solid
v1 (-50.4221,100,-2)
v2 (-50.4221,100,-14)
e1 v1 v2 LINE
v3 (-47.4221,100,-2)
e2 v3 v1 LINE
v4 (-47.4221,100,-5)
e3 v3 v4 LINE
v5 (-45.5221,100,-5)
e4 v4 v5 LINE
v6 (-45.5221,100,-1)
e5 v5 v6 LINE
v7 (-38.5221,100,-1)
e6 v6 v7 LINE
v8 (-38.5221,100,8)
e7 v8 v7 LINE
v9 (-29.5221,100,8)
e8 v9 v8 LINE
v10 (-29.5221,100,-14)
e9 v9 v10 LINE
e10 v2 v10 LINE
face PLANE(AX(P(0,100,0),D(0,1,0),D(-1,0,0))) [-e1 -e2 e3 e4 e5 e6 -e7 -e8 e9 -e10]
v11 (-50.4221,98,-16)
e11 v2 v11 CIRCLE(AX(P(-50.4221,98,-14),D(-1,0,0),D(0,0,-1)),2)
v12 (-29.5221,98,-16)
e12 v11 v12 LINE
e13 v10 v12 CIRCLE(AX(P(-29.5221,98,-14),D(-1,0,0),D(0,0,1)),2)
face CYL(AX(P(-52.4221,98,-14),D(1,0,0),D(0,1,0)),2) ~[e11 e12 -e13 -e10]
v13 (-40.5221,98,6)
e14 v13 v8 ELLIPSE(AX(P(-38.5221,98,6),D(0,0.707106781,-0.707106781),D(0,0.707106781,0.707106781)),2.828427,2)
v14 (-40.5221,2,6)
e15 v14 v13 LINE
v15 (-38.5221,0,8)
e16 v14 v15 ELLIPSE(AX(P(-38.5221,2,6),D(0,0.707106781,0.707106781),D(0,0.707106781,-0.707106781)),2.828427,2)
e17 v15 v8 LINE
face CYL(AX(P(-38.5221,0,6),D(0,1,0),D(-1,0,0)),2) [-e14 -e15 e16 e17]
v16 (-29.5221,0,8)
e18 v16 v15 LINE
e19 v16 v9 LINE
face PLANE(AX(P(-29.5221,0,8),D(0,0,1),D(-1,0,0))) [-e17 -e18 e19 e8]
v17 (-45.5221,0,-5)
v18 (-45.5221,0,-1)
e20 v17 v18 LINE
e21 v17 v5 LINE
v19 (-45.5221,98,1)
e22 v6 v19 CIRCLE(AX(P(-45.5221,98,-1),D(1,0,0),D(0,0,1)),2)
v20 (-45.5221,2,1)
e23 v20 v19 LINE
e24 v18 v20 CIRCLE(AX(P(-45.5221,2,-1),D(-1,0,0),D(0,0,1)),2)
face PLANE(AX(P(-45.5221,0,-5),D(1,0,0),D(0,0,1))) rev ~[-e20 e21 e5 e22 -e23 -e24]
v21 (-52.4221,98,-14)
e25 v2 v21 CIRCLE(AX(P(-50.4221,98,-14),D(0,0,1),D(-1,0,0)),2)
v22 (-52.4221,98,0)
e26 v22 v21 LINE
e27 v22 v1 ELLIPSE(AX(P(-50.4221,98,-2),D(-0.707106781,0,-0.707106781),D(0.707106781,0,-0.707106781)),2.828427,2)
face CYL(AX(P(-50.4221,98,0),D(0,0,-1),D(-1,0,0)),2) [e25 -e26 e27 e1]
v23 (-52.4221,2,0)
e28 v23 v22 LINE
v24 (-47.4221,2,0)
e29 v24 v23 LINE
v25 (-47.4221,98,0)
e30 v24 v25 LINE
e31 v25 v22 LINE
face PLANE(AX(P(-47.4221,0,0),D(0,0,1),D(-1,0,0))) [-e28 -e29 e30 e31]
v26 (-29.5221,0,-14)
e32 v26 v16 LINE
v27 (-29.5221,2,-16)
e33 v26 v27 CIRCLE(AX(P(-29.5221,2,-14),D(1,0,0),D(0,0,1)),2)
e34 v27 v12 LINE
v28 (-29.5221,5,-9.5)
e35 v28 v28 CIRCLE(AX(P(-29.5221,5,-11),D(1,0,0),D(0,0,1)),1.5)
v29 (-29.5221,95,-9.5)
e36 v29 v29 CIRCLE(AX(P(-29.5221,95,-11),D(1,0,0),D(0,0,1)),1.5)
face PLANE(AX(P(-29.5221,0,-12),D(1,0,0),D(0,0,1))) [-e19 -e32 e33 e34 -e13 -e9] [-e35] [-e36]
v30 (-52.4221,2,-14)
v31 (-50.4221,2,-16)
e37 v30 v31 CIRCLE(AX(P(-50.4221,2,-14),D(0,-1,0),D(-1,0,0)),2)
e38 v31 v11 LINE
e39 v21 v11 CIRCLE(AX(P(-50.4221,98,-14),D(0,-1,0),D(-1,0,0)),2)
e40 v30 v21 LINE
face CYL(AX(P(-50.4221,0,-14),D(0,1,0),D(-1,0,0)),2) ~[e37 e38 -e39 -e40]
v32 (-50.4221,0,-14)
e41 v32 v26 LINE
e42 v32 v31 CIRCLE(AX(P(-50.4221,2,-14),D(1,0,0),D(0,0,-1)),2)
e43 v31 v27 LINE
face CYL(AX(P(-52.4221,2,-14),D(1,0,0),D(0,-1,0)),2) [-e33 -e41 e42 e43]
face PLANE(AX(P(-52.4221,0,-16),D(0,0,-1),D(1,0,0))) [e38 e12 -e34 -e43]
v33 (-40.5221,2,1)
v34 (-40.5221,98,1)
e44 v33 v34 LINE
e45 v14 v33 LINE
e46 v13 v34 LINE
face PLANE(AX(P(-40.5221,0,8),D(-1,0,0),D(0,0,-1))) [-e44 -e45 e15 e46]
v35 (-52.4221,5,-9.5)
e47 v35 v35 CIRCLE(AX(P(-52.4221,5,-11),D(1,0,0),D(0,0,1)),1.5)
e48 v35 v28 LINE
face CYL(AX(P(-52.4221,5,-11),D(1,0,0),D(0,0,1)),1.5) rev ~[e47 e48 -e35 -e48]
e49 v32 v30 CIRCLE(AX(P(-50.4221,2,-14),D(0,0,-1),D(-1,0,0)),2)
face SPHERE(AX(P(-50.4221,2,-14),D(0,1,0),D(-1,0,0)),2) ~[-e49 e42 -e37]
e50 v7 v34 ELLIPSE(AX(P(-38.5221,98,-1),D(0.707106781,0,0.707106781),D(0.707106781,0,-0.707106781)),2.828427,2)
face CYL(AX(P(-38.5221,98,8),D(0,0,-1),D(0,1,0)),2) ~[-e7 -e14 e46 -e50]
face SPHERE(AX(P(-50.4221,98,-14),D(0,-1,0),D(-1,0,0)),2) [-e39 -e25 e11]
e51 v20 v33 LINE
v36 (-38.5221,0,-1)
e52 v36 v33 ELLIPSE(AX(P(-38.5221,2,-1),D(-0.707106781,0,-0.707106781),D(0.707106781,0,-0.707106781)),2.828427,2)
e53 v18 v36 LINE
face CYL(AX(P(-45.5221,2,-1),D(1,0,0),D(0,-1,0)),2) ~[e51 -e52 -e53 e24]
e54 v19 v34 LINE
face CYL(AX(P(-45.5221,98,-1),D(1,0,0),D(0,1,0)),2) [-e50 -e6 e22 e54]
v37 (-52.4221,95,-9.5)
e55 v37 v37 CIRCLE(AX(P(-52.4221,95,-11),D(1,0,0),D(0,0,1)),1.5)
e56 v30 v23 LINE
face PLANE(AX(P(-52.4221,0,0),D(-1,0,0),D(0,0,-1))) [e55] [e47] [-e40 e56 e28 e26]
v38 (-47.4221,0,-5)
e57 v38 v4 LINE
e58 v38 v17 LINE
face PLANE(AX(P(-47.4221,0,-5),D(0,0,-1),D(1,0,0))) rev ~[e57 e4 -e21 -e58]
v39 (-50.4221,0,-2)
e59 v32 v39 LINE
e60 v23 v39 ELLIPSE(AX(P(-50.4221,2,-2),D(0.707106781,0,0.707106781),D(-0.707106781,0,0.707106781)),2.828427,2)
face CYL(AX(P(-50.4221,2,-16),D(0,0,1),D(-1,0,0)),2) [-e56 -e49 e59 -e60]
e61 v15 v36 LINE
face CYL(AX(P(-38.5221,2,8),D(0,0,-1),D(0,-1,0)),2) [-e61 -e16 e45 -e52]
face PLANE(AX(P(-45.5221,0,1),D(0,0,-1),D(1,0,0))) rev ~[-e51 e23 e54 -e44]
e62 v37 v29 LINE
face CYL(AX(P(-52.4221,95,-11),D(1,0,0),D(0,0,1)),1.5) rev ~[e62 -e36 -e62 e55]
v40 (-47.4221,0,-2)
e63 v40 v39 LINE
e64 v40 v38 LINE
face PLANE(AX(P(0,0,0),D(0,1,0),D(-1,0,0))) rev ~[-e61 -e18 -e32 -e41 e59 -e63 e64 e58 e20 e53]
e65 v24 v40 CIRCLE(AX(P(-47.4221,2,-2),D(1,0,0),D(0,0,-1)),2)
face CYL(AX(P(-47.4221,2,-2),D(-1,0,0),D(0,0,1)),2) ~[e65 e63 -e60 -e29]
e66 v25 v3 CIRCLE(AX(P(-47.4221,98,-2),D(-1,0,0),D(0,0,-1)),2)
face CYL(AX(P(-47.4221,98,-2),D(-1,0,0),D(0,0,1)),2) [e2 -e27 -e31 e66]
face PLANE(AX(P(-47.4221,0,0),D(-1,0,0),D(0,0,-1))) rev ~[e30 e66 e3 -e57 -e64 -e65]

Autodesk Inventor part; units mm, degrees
ref_plane "YZ Plane" through (0, 0, 0) normal (1, 0, 0) x (0, 1, 0)
ref_plane "XZ Plane" through (0, 0, 0) normal (0, 1, 0) x (-1, 0, 0)
ref_plane "XY Plane" through (0, 0, 0) normal (0, 0, 1) x (1, 0, 0)
sketch "Sketch1" plane through (0, 0, 0) normal (0, 1, 0) x (-1, 0, 0)
  line L0 (47.4221, 0) -> (47.4221, -5)
  line L1 (47.4221, -5) -> (45.5221, -5)
  line L2 (45.5221, -5) -> (45.5221, 1)
  line L3 (47.4221, 0) -> (52.4221, 0)
  line L4 (52.4221, 0) -> (52.4221, -12)
  line L5 (52.4221, -12) -> (29.5221, -12)
  line L6 (45.5221, 1) -> (40.5221, 1)
  line L7 (29.5221, -12) -> (29.5221, 8)
  line L8 (29.5221, 8) -> (40.5221, 8)
  line L9 (40.5221, 8) -> (40.5221, 1)
  line L10 (47.4221, -5) -> (52.4221, -5)
  line L11 (52.4221, -5) -> (52.4221, -16)
  line L12 (52.4221, -16) -> (29.5221, -16)
  line L13 (29.5221, -16) -> (29.5221, -12)
  point P0 (0, 0)
  dimension "d0" = 5
  dimension "d1" = 1.9
  dimension "d2" = 6
  dimension "d4" = 5
  dimension "d5" = 12
  dimension "d6" = 5
  dimension "d7" = 20
  dimension "d8" = 11
  dimension "d9" = 7
  dimension "d10" = 11
extrude "Extrusion1" add sketch "Sketch1" along normal blind 100
sketch "Sketch2" plane through (-52.4221, 0, -16) normal (-1, 0, 0) x (0, 0, 1)
  line L0 (0, 0) -> (0, 100) projected
  line L1 (0, 0) -> (5, 0)
  line L2 (24, 0) -> (0, 0) projected
  line L3 (5, 0) -> (5, 5)
  circle A0 centre (5, 5) radius 1.5
  line L4 (0, 100) -> (5, 100)
  line L5 (24, 100) -> (0, 100) projected
  line L6 (5, 100) -> (5, 95)
  circle A1 centre (5, 95) radius 1.5
  point P0 (16, 0)
  dimension "d13" = 5
  dimension "d14" = 5
  dimension "d15" = 3
  dimension "d16" = 5
  dimension "d17" = 5
  dimension "d18" = 3
hole "Hole1" at (-52.4221, 5, -11) at (-52.4221, 95, -11) direction (1, 0, 0) diameter 3 end through all
fillet "Fillet1" radius 2 12 edges at (-52.4221, 50, -16) (-52.4221, 0, -8) (-52.4221, 100, -8) (-40.9721, 100, -16) (-40.9721, 0, -16) (-40.5221, 50, 8) (-40.5221, 0, 4.5) (-43.0221, 0, 1) (-49.9221, 0, 0) (-49.9221, 100, 0) (-43.0221, 100, 1) (-40.5221, 100, 4.5)
properties part number "Wal Mount"
